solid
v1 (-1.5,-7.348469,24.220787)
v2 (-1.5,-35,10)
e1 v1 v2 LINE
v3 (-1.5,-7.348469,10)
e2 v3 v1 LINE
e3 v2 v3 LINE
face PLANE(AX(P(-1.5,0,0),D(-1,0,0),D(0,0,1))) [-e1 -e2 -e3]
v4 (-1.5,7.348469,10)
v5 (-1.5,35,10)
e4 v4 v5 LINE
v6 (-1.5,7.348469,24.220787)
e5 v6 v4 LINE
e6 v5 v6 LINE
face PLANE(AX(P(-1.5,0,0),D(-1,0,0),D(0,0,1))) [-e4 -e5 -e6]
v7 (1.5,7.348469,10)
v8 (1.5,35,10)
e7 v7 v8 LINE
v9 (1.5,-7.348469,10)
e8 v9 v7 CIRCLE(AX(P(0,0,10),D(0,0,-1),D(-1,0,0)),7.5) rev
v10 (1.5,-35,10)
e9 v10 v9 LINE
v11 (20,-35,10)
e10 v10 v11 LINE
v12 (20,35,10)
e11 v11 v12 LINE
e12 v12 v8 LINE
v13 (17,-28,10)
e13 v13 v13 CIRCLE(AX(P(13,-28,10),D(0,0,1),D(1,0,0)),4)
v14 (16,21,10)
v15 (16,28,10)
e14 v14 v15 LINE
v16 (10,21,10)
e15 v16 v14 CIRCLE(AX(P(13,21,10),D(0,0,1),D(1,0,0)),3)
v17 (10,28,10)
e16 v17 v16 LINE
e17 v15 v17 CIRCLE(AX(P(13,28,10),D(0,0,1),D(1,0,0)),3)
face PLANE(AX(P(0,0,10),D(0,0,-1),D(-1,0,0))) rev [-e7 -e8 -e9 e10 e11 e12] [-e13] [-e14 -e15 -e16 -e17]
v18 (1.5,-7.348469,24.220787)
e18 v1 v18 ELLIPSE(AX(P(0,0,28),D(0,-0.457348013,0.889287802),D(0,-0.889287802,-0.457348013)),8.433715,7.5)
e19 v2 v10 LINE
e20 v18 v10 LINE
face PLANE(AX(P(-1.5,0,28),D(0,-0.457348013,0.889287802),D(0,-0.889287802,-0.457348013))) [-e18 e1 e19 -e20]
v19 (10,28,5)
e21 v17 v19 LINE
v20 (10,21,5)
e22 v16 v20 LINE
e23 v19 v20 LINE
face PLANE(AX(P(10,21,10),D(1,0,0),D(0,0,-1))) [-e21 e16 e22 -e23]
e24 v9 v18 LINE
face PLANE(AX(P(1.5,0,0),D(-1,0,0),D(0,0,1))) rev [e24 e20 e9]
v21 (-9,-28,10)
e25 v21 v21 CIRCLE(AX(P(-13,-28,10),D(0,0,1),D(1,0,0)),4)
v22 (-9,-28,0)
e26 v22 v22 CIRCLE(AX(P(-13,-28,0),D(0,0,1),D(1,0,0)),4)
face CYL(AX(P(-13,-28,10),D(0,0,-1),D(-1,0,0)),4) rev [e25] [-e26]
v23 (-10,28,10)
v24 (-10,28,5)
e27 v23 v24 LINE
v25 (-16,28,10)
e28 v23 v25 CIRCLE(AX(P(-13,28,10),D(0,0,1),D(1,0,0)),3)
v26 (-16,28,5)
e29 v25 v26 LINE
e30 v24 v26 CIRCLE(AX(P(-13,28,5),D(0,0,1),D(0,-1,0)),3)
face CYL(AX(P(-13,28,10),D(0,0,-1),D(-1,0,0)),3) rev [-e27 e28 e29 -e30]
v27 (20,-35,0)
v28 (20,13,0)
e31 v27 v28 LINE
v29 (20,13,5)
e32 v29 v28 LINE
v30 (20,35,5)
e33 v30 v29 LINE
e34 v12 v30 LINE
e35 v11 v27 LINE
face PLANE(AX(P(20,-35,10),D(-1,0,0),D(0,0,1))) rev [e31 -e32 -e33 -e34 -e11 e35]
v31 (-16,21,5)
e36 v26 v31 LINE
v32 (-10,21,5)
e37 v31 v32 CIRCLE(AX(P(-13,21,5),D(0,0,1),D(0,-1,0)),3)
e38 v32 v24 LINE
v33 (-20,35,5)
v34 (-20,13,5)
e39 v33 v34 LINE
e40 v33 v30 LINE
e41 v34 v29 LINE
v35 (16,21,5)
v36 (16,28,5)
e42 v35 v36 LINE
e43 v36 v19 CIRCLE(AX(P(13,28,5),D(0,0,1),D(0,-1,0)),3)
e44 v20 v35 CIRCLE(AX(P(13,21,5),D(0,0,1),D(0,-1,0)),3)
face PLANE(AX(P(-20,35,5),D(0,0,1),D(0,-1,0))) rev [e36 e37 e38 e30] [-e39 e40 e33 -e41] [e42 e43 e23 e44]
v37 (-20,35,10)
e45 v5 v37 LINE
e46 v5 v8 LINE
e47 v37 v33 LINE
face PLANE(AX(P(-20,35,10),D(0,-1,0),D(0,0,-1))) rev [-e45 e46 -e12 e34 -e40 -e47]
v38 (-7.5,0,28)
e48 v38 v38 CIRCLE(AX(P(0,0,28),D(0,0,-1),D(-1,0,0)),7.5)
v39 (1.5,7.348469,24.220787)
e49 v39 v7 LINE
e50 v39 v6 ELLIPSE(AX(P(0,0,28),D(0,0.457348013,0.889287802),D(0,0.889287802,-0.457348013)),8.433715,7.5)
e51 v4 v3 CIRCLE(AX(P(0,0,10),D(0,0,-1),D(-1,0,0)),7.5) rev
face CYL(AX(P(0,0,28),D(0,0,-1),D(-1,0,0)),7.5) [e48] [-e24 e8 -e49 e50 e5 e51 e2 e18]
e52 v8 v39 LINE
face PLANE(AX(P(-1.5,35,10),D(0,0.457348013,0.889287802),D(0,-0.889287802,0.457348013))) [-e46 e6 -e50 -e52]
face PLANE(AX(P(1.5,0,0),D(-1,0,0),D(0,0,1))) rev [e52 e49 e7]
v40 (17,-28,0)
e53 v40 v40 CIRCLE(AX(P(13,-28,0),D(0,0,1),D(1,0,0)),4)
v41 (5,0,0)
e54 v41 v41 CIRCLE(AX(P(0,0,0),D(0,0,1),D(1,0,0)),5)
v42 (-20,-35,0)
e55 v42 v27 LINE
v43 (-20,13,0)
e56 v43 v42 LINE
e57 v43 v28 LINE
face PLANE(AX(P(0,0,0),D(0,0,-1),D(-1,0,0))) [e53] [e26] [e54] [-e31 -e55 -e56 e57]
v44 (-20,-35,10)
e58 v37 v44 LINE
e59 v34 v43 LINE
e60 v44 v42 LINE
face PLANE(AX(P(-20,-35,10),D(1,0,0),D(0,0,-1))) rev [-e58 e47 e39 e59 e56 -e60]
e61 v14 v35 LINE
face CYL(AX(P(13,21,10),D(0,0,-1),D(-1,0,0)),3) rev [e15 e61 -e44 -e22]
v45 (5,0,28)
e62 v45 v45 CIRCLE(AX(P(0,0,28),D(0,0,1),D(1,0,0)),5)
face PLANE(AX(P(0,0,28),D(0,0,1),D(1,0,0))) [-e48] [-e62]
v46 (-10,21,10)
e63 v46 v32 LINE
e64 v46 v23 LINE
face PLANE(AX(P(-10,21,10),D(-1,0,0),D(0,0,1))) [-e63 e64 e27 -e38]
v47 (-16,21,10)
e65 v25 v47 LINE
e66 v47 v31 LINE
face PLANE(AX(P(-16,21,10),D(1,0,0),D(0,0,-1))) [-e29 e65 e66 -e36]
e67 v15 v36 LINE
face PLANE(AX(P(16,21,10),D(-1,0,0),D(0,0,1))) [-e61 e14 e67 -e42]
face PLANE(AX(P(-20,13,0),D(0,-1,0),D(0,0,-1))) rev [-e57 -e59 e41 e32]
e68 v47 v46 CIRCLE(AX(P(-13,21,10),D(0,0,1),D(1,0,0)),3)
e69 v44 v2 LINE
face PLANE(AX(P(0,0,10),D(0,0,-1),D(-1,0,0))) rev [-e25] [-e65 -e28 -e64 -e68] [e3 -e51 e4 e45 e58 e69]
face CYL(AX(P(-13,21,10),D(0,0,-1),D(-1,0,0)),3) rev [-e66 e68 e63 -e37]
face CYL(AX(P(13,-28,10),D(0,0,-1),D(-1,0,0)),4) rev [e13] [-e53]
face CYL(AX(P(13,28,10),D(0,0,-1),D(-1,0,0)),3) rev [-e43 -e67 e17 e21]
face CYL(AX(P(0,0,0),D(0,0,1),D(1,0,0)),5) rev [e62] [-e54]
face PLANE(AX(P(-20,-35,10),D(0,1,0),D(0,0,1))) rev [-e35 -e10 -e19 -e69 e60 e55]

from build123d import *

# Parameters (mm, degrees)
SKETCH_1_W           = 40
SKETCH_1_H           = 70
SKETCH_1_R           = 4
EXTRUDE_1_DEPTH      = 10
SKETCH_2_W           = 5
SKETCH_2_H           = 22
CUT_EXTRUDE_1_DEPTH  = 55.083269132
SKETCH_3_R           = 7.5
EXTRUDE_2_DEPTH      = 18
SKETCH_4_R           = 10
EXTRUDE_3_DEPTH      = 2
EXTRUDE_4_DEPTH      = 1.5
EXTRUDE_4_DEPTH_BACK = 1.5
SKETCH_6_R           = 5
CUT_EXTRUDE_2_DEPTH  = 50.081564767
SKETCH_7_R           = 10
SKETCH_7_R_2         = 7.5
CUT_EXTRUDE_3_DEPTH  = 48.968739821


with BuildPart() as part:
    # Эскиз1 → Бобышка-Вытянуть1 (new body)
    with BuildSketch(Plane.XY):
        Rectangle(SKETCH_1_W, SKETCH_1_H)
        with Locations((13, -28)):
            Circle(SKETCH_1_R, mode=Mode.SUBTRACT)
        with Locations((-13, -28)):
            Circle(SKETCH_1_R, mode=Mode.SUBTRACT)
        with BuildLine():
            Line((10, 21), (10, 28))
            ThreePointArc((10, 28), (13, 31), (16, 28))
            Line((16, 28), (16, 21))
            ThreePointArc((16, 21), (13, 18), (10, 21))
        make_face(mode=Mode.SUBTRACT)
        with BuildLine():
            Line((-16, 21), (-16, 28))
            ThreePointArc((-16, 28), (-13, 31), (-10, 28))
            Line((-10, 28), (-10, 21))
            ThreePointArc((-10, 21), (-13, 18), (-16, 21))
        make_face(mode=Mode.SUBTRACT)
    extrude(amount=EXTRUDE_1_DEPTH)

    # Эскиз2 → Вырез-Вытянуть1 (cut, through all)
    with BuildSketch(Plane(origin=(20, 0, 0), x_dir=(0, 0, -1), z_dir=(1, 0, 0))):
        with Locations((-2.5, 24)):
            Rectangle(SKETCH_2_W, SKETCH_2_H)
    extrude(amount=-CUT_EXTRUDE_1_DEPTH, mode=Mode.SUBTRACT)

    # Эскиз3 → Бобышка-Вытянуть2 (add)
    with BuildSketch(Plane.XY.offset(10)):
        with Locations(Location((0, 0, 0), (0, 0, 180))):
            Circle(SKETCH_3_R)
    extrude(amount=EXTRUDE_2_DEPTH)

    # Эскиз4 → Бобышка-Вытянуть3 (add)
    with BuildSketch(Plane.XY.offset(28)):
        Circle(SKETCH_4_R)
    extrude(amount=-EXTRUDE_3_DEPTH)

    # Эскиз5 → Бобышка-Вытянуть4 (add, two sides: drawn at the far end of the back side and taken through both)
    with BuildSketch(Plane(origin=(0, 0, 0), x_dir=(0, 0, -1), z_dir=(1, 0, 0)).offset(-EXTRUDE_4_DEPTH_BACK)):
        Polygon((-10, 35), (-28, 0), (-10, -35), align=None)
    extrude(amount=EXTRUDE_4_DEPTH + EXTRUDE_4_DEPTH_BACK)

    # Эскиз6 → Вырез-Вытянуть2 (cut, through all)
    with BuildSketch(Plane.XY.offset(28)):
        Circle(SKETCH_6_R)
    extrude(amount=-CUT_EXTRUDE_2_DEPTH, mode=Mode.SUBTRACT)

    # Эскиз7 → Вырез-Вытянуть3 (cut, through all)
    with BuildSketch(Plane(origin=(0, 0, 26), x_dir=(-1, 0, 0), z_dir=(0, 0, -1))):
        Circle(SKETCH_7_R)
        Circle(SKETCH_7_R_2, mode=Mode.SUBTRACT)
    extrude(amount=-CUT_EXTRUDE_3_DEPTH, mode=Mode.SUBTRACT)


solid = part.part
